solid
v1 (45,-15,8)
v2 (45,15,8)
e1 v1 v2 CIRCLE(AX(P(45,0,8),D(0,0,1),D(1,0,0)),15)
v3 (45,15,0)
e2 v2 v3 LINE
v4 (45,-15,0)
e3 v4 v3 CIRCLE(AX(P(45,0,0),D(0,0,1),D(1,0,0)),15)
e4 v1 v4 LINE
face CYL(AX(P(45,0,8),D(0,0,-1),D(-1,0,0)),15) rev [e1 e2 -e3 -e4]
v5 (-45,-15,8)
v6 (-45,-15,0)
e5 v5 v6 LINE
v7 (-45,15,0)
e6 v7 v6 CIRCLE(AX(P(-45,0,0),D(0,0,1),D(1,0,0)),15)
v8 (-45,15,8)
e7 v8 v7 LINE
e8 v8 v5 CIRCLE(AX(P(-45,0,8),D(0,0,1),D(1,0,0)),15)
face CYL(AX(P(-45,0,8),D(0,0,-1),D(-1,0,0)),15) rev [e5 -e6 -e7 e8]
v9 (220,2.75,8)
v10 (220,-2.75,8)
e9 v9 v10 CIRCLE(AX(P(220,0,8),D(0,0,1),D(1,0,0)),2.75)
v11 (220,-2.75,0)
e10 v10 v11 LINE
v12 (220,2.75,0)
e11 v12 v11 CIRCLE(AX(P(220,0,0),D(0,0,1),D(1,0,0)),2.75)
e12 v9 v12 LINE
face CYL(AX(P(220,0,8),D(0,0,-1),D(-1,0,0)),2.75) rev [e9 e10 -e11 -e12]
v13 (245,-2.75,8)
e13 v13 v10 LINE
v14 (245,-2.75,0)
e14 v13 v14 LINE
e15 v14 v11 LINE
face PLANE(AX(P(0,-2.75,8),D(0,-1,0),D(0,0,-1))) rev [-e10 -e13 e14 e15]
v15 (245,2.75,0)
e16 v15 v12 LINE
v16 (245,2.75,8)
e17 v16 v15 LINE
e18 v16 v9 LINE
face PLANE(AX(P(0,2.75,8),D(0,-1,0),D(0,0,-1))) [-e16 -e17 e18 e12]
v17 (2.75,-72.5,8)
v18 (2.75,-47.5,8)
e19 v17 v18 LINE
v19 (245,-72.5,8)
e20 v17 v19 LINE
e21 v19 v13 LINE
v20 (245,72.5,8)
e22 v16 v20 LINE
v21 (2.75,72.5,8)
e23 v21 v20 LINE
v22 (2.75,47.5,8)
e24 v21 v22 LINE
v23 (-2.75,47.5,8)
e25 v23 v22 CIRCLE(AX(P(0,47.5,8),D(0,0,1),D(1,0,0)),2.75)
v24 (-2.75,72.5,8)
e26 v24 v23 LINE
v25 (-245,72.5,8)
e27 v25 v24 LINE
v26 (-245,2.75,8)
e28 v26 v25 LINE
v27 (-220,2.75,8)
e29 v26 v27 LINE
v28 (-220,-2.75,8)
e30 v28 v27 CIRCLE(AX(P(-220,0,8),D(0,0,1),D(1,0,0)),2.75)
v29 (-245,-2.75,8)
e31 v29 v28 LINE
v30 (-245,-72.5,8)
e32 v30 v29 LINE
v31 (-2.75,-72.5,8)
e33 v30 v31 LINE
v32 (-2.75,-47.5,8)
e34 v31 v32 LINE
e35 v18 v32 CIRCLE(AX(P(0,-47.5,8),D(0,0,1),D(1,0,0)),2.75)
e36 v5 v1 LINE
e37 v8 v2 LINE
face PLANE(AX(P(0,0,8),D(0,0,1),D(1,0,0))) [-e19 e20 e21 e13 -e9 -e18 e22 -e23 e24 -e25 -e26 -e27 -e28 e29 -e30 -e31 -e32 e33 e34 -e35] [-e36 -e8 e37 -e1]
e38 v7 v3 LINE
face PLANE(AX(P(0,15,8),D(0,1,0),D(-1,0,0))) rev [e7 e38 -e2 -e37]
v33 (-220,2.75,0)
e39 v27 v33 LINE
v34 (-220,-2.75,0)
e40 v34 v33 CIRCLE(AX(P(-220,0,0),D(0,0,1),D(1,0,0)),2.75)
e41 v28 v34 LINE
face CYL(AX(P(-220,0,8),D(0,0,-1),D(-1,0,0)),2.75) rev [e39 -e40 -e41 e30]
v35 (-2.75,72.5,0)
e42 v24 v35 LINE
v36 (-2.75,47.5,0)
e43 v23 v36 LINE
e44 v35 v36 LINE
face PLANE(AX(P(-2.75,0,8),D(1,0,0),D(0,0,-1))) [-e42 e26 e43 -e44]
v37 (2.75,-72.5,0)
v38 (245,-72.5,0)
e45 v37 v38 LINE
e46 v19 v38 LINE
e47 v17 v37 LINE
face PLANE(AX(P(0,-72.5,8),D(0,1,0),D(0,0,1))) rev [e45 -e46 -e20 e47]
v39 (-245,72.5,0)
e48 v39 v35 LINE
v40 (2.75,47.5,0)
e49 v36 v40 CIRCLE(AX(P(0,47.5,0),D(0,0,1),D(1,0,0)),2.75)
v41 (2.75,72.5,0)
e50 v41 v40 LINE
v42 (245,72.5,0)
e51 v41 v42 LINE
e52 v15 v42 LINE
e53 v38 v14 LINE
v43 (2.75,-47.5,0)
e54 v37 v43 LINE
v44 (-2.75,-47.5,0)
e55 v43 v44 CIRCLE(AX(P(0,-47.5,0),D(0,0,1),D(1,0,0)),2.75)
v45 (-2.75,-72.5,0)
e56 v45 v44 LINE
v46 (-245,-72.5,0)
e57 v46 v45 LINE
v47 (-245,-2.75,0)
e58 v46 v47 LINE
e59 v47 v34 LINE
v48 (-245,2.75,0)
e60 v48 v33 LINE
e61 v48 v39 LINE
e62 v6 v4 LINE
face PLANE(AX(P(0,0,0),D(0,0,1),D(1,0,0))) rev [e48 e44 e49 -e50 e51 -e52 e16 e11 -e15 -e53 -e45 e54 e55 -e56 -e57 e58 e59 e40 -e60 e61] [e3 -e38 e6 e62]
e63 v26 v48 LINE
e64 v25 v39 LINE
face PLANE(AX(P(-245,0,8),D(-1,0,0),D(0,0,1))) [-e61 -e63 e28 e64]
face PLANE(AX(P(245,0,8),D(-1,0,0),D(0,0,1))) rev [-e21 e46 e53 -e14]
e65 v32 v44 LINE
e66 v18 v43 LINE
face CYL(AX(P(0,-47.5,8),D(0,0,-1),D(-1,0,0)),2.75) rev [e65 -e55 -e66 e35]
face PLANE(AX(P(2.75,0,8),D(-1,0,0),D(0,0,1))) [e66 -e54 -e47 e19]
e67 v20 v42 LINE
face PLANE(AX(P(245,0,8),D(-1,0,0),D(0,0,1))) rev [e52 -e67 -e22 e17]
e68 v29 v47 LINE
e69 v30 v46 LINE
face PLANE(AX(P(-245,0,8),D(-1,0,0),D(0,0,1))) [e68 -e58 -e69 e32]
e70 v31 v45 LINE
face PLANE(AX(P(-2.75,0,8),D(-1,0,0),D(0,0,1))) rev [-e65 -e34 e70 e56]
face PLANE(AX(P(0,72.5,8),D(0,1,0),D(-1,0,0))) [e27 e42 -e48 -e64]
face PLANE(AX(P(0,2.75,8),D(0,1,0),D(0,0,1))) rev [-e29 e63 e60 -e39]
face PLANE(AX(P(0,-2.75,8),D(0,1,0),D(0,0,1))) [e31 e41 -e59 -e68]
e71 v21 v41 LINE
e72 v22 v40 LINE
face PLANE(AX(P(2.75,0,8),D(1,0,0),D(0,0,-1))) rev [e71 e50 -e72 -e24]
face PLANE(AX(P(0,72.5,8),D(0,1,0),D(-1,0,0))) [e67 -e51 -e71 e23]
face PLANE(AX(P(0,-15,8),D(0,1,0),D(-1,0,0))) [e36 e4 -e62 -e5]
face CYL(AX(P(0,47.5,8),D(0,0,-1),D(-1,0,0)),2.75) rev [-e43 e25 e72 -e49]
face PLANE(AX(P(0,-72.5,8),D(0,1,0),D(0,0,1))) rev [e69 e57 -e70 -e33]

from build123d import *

# Parameters (mm, degrees)
BOSS_EXTRUDE3_DEPTH = 8


with BuildPart() as part:
    # Sketch1 → Boss-Extrude3 (new body)
    with BuildSketch(Plane.XY):
        with BuildLine():
            Line((-245, -2.75), (-245, -72.5))
            Line((-245, -72.5), (-2.75, -72.5))
            Line((-2.75, -72.5), (-2.75, -47.5))
            ThreePointArc((-2.75, -47.5), (0, -44.75), (2.75, -47.5))
            Line((2.75, -47.5), (2.75, -72.5))
            Line((2.75, -72.5), (245, -72.5))
            Line((245, -72.5), (245, -2.75))
            Line((245, -2.75), (220, -2.75))
            ThreePointArc((220, -2.75), (217.25, 0), (220, 2.75))
            Line((220, 2.75), (245, 2.75))
            Line((245, 2.75), (245, 72.5))
            Line((245, 72.5), (2.75, 72.5))
            Line((2.75, 72.5), (2.75, 47.5))
            ThreePointArc((2.75, 47.5), (0, 44.75), (-2.75, 47.5))
            Line((-2.75, 47.5), (-2.75, 72.5))
            Line((-2.75, 72.5), (-245, 72.5))
            Line((-245, 72.5), (-245, 2.75))
            Line((-245, 2.75), (-220, 2.75))
            ThreePointArc((-220, 2.75), (-217.25, 0), (-220, -2.75))
            Line((-220, -2.75), (-245, -2.75))
        make_face()
        with BuildLine():
            ThreePointArc((-45, -15), (-60, 0), (-45, 15))
            Line((-45, 15), (45, 15))
            ThreePointArc((45, 15), (60, 0), (45, -15))
            Line((45, -15), (-45, -15))
        make_face(mode=Mode.SUBTRACT)
    extrude(amount=BOSS_EXTRUDE3_DEPTH)


solid = part.part
